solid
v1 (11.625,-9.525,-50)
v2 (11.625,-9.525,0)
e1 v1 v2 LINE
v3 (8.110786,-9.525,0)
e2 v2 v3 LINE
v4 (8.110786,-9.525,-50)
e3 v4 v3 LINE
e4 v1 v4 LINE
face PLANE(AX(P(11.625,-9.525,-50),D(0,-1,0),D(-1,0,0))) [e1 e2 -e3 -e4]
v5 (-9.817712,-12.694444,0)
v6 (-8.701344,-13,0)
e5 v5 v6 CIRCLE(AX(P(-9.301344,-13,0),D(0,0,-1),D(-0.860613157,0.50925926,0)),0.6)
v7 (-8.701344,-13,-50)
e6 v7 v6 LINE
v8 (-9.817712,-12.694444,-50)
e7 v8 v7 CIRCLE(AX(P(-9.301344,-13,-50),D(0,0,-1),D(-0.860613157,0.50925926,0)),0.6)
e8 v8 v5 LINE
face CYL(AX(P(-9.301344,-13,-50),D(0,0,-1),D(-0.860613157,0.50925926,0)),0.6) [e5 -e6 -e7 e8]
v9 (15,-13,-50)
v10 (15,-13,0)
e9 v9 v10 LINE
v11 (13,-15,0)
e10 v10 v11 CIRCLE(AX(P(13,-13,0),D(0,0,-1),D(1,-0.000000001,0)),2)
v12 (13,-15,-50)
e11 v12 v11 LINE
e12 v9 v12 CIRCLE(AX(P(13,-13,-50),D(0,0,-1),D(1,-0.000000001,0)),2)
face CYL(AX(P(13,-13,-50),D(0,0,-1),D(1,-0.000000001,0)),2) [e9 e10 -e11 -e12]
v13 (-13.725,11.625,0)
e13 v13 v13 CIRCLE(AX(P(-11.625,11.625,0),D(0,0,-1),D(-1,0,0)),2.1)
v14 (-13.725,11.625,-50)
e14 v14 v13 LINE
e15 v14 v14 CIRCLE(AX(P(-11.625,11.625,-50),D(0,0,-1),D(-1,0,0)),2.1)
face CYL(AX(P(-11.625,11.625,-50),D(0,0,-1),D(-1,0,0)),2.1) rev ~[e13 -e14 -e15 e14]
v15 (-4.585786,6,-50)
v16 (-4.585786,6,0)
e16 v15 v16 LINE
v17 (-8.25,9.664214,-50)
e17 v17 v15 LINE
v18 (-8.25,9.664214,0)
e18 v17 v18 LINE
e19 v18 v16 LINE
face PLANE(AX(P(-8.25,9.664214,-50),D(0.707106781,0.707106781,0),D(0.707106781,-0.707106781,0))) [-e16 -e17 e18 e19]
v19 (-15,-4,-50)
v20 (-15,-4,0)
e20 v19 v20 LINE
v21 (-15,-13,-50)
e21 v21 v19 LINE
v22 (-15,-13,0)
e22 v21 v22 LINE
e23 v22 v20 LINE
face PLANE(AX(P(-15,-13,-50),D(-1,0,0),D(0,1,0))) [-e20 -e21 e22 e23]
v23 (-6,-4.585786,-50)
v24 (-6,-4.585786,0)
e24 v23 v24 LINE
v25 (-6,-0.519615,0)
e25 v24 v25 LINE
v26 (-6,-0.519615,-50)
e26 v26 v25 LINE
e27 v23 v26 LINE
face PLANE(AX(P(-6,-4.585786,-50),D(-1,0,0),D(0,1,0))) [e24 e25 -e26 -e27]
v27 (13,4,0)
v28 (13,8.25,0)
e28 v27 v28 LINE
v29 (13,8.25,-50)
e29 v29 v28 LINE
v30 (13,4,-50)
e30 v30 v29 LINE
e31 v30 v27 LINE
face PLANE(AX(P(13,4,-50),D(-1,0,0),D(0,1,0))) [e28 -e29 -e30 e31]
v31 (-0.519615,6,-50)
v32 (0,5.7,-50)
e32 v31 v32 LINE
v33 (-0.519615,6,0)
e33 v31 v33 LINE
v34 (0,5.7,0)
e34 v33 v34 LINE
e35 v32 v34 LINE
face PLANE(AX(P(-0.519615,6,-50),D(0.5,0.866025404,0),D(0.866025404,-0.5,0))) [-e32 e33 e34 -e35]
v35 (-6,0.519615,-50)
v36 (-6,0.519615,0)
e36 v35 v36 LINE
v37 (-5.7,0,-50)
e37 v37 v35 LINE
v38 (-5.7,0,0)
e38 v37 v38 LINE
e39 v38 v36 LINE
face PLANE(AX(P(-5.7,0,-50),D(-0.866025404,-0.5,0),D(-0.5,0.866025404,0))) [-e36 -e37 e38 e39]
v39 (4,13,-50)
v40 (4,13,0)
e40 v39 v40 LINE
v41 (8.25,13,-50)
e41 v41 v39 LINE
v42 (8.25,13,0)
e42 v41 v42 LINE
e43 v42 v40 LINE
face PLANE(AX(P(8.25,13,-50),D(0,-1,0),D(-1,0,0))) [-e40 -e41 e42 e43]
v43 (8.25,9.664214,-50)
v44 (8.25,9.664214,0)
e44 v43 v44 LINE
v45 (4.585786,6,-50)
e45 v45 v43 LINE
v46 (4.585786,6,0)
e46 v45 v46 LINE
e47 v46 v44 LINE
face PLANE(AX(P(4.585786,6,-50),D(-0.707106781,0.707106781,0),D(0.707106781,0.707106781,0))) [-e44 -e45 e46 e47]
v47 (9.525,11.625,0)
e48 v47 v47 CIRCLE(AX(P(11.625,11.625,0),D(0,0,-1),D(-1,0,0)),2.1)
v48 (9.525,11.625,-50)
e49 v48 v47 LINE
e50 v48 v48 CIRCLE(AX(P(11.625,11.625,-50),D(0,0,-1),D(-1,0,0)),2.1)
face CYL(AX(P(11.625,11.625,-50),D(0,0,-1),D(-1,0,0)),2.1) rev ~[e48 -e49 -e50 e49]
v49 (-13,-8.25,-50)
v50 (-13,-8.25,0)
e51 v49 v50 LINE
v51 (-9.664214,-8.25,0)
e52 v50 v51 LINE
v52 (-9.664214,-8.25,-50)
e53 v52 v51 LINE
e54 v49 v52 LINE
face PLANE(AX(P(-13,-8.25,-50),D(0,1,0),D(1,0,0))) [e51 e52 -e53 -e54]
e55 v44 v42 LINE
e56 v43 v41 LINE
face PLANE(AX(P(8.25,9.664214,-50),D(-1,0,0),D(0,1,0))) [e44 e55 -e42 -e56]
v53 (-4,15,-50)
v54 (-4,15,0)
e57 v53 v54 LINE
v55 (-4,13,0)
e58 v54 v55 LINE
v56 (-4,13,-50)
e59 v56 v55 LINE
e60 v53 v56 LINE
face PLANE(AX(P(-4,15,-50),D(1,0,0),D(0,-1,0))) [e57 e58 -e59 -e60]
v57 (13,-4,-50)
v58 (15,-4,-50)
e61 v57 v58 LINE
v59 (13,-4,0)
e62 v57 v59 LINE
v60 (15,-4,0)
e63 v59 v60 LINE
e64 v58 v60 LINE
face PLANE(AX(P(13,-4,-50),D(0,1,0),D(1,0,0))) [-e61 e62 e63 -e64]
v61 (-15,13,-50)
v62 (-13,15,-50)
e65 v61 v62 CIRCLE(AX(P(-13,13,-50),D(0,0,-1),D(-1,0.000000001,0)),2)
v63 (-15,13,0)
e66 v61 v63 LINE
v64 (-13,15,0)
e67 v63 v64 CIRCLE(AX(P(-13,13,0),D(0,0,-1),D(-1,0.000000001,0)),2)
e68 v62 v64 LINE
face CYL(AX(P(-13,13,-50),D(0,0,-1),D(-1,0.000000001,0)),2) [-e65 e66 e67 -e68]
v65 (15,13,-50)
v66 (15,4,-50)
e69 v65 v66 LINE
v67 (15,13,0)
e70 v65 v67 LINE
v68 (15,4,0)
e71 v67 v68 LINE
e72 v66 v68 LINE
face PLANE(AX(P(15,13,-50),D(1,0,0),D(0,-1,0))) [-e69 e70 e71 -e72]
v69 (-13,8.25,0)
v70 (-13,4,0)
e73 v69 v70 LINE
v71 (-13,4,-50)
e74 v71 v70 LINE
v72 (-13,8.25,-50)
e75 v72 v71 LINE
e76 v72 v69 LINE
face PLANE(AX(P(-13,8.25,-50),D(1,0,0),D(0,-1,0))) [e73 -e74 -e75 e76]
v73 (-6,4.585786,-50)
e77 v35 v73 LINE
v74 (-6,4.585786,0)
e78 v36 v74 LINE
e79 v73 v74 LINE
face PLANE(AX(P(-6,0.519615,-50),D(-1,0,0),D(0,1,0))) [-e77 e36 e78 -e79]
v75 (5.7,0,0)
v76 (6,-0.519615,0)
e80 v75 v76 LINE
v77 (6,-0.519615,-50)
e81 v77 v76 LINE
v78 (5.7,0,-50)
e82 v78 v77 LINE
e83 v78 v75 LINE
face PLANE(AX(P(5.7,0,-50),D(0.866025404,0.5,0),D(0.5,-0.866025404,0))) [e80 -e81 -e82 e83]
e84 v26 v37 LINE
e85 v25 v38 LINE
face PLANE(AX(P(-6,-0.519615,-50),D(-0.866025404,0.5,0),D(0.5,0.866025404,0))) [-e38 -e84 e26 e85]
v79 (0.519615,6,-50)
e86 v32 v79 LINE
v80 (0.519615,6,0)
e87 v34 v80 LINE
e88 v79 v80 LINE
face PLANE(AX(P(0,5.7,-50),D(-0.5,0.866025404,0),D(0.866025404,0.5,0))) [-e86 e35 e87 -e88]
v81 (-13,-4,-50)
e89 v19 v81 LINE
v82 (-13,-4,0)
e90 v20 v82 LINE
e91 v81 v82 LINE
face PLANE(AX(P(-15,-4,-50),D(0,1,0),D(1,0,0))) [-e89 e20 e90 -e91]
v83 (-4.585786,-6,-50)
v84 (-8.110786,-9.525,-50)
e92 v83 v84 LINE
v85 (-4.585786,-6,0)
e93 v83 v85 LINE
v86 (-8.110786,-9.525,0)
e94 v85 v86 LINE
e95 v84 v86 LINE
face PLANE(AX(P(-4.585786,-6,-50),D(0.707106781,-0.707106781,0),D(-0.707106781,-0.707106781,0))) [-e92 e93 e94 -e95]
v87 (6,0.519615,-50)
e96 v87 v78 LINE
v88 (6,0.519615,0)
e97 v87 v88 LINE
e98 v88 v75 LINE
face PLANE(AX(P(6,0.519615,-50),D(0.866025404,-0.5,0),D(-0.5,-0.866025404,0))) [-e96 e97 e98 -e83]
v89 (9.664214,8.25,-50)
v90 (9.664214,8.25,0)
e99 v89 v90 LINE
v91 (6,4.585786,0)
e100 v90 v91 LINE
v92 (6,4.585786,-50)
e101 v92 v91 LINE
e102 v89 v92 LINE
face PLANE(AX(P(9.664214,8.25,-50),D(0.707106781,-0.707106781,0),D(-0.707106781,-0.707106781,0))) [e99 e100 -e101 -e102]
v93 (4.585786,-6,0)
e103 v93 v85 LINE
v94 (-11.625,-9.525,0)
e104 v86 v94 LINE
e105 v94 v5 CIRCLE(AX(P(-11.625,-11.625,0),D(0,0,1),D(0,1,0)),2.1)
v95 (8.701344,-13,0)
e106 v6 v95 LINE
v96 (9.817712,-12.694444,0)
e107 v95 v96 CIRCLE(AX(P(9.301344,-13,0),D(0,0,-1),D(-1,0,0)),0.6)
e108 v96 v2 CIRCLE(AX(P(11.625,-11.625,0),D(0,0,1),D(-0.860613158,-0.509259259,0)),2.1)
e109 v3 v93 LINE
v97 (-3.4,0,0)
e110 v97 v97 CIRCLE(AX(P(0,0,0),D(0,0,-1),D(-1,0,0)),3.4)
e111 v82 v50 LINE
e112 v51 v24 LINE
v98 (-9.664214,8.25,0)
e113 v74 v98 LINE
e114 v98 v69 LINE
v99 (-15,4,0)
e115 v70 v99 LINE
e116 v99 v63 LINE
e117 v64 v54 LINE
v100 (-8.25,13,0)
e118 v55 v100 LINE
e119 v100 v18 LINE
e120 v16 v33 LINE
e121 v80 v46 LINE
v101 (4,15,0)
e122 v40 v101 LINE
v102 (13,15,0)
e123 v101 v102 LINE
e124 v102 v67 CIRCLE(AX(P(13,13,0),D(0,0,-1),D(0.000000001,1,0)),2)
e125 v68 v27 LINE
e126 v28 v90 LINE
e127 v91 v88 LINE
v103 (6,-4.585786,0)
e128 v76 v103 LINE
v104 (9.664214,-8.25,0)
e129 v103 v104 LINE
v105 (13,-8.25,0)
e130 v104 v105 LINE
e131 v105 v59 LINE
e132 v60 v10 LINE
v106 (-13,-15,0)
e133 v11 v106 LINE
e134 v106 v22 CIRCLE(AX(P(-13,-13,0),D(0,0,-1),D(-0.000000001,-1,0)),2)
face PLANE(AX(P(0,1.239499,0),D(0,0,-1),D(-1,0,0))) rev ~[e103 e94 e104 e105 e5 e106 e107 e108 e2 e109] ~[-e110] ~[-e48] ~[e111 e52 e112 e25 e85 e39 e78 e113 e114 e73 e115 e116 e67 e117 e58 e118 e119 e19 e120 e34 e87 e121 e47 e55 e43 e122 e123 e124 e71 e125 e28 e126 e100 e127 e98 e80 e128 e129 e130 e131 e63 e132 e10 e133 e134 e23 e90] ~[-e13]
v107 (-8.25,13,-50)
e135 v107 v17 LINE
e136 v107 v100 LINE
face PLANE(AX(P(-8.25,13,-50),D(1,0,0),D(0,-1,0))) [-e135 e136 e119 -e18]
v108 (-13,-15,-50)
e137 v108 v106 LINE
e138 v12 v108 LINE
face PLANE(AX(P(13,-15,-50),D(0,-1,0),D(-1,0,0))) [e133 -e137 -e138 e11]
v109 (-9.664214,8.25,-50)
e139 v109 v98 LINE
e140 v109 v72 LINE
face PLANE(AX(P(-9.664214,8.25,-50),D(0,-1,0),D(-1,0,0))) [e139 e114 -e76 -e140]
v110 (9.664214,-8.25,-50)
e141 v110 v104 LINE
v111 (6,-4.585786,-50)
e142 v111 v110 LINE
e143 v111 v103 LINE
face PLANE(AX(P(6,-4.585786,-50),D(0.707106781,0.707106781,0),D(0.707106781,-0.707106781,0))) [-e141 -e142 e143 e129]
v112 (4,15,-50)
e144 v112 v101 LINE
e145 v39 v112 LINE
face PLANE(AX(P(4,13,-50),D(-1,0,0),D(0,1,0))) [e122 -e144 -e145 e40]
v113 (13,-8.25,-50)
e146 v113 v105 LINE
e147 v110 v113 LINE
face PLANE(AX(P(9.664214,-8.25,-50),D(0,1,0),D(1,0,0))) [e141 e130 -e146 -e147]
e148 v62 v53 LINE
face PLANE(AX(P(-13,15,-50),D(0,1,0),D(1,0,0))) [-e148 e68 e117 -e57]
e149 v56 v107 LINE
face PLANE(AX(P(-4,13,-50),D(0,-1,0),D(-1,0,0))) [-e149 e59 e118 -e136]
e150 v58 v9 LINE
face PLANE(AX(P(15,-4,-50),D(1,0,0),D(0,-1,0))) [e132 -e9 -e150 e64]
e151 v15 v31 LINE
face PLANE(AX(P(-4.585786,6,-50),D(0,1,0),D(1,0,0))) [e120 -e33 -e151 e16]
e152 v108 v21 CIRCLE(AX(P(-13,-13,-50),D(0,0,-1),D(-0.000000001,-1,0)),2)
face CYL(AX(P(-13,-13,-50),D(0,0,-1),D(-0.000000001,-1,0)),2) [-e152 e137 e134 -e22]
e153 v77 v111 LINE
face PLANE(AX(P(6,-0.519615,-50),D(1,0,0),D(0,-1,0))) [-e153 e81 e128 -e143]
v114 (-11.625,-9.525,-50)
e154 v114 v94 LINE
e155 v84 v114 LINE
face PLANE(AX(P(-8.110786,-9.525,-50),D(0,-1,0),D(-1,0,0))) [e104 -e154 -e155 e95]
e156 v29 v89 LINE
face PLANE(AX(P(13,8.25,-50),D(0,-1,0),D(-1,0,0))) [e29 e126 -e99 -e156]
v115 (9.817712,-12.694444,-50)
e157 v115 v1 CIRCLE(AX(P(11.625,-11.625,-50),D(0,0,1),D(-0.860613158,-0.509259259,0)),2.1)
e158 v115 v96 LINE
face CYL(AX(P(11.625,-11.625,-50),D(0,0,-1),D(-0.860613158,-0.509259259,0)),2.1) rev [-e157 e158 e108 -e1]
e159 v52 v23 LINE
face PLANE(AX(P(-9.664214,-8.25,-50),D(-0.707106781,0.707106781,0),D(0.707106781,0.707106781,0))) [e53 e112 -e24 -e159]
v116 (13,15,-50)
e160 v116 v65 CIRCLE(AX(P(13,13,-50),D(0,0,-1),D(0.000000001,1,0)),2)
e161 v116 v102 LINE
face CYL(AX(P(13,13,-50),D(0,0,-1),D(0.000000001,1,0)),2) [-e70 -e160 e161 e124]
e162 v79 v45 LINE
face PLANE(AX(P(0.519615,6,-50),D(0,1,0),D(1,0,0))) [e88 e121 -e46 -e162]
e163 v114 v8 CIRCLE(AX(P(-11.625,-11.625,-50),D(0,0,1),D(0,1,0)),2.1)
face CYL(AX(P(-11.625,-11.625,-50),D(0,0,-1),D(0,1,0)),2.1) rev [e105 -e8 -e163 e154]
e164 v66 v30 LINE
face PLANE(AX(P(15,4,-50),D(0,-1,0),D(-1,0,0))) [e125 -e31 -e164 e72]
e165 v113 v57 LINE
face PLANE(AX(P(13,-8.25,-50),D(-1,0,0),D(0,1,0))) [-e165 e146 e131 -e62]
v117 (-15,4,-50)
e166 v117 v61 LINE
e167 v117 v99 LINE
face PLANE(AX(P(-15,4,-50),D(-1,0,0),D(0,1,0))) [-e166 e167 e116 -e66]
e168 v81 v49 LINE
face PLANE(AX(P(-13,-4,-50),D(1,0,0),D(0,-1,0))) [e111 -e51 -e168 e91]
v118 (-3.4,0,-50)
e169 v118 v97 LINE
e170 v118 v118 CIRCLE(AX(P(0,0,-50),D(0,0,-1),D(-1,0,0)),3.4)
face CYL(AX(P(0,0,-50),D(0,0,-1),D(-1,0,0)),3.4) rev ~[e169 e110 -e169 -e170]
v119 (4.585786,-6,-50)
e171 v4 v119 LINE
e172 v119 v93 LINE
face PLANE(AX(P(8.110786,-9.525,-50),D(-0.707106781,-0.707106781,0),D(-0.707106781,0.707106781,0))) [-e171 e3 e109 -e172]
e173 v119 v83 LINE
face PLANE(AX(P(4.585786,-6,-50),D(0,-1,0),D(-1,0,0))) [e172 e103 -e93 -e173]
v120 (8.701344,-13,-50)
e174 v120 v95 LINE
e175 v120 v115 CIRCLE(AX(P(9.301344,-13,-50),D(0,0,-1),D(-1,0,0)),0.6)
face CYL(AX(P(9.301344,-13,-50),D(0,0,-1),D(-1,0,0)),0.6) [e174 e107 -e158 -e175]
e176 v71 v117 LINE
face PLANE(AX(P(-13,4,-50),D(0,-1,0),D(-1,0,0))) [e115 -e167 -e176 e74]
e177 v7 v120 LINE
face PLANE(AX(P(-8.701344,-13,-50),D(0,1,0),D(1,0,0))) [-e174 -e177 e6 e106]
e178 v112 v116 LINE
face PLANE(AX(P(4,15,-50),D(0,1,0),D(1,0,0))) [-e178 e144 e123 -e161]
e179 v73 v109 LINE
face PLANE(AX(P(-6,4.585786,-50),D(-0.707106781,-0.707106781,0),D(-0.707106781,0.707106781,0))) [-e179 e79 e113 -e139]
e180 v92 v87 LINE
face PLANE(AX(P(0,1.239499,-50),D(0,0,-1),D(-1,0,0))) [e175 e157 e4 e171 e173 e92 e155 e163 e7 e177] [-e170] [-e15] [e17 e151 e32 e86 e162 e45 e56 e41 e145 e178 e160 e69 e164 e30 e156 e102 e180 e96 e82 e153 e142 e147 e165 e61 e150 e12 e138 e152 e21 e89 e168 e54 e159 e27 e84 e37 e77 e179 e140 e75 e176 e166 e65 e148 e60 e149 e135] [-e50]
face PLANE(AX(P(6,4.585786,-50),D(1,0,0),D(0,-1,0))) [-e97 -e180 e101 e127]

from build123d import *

# Parameters (mm, degrees)
SKETCH1_R      = 3.4
SKETCH1_R_2    = 2.1
EXTRUDE1_DEPTH = 50


with BuildPart() as part:
    # Sketch1 → Extrude1 (new body)
    with BuildSketch(Plane(origin=(0, 0, -50), x_dir=(-1, 0, 0), z_dir=(0, 0, -1))):
        with BuildLine():
            Line((13, 4), (15, 4))
            Line((15, 4), (15, 13))
            ThreePointArc((15, 13), (14.414213562, 14.414213562), (13, 15))
            Line((13, 15), (4, 15))
            Line((4, 15), (4, 13))
            Line((4, 13), (8.25, 13))
            Line((8.25, 13), (8.25, 9.664213562))
            Line((8.25, 9.664213562), (4.585786438, 6))
            Line((4.585786438, 6), (0.519615242, 6))
            Line((0.519615242, 6), (0, 5.7))
            Line((0, 5.7), (-0.519615242, 6))
            Line((-0.519615242, 6), (-4.585786438, 6))
            Line((-4.585786438, 6), (-8.25, 9.664213562))
            Line((-8.25, 9.664213562), (-8.25, 13))
            Line((-8.25, 13), (-4, 13))
            Line((-4, 13), (-4, 15))
            Line((-4, 15), (-13, 15))
            ThreePointArc((-13, 15), (-14.414213562, 14.414213562), (-15, 13))
            Line((-15, 13), (-15, 4))
            Line((-15, 4), (-13, 4))
            Line((-13, 4), (-13, 8.25))
            Line((-13, 8.25), (-9.664213562, 8.25))
            Line((-9.664213562, 8.25), (-6, 4.585786438))
            Line((-6, 4.585786438), (-6, 0.519615242))
            Line((-6, 0.519615242), (-5.7, 0))
            Line((-5.7, 0), (-6, -0.519615242))
            Line((-6, -0.519615242), (-6, -4.585786438))
            Line((-6, -4.585786438), (-9.664213562, -8.25))
            Line((-9.664213562, -8.25), (-13, -8.25))
            Line((-13, -8.25), (-13, -4))
            Line((-13, -4), (-15, -4))
            Line((-15, -4), (-15, -13))
            ThreePointArc((-15, -13), (-14.414213562, -14.414213562), (-13, -15))
            Line((-13, -15), (13, -15))
            ThreePointArc((13, -15), (14.414213562, -14.414213562), (15, -13))
            Line((15, -13), (15, -4))
            Line((15, -4), (13, -4))
            Line((13, -4), (13, -8.25))
            Line((13, -8.25), (9.664213562, -8.25))
            Line((9.664213562, -8.25), (6, -4.585786438))
            Line((6, -4.585786438), (6, -0.519615242))
            Line((6, -0.519615242), (5.7, 0))
            Line((5.7, 0), (6, 0.519615242))
            Line((6, 0.519615242), (6, 4.585786438))
            Line((6, 4.585786438), (9.664213562, 8.25))
            Line((9.664213562, 8.25), (13, 8.25))
            Line((13, 8.25), (13, 4))
        make_face()
        Circle(SKETCH1_R, mode=Mode.SUBTRACT)
        with Locations((-11.625, 11.625)):
            Circle(SKETCH1_R_2, mode=Mode.SUBTRACT)
        with Locations((11.625, 11.625)):
            Circle(SKETCH1_R_2, mode=Mode.SUBTRACT)
        with BuildLine():
            Line((8.701344475, -13), (-8.701344475, -13))
            ThreePointArc((-8.701344475, -13), (-9.142947405, -12.42128559), (-9.817712369, -12.694444444))
            ThreePointArc((-9.817712369, -12.694444444), (-13.44925784, -12.665232346), (-11.625, -9.525))
            Line((-11.625, -9.525), (-8.110786438, -9.525))
            Line((-8.110786438, -9.525), (-4.585786438, -6))
            Line((-4.585786438, -6), (4.585786438, -6))
            Line((4.585786438, -6), (8.110786438, -9.525))
            Line((8.110786438, -9.525), (11.625, -9.525))
            ThreePointArc((11.625, -9.525), (13.44925784, -12.665232346), (9.817712369, -12.694444444))
            ThreePointArc((9.817712369, -12.694444444), (9.142947405, -12.42128559), (8.701344475, -13))
        make_face(mode=Mode.SUBTRACT)
    extrude(amount=-EXTRUDE1_DEPTH)


solid = part.part
